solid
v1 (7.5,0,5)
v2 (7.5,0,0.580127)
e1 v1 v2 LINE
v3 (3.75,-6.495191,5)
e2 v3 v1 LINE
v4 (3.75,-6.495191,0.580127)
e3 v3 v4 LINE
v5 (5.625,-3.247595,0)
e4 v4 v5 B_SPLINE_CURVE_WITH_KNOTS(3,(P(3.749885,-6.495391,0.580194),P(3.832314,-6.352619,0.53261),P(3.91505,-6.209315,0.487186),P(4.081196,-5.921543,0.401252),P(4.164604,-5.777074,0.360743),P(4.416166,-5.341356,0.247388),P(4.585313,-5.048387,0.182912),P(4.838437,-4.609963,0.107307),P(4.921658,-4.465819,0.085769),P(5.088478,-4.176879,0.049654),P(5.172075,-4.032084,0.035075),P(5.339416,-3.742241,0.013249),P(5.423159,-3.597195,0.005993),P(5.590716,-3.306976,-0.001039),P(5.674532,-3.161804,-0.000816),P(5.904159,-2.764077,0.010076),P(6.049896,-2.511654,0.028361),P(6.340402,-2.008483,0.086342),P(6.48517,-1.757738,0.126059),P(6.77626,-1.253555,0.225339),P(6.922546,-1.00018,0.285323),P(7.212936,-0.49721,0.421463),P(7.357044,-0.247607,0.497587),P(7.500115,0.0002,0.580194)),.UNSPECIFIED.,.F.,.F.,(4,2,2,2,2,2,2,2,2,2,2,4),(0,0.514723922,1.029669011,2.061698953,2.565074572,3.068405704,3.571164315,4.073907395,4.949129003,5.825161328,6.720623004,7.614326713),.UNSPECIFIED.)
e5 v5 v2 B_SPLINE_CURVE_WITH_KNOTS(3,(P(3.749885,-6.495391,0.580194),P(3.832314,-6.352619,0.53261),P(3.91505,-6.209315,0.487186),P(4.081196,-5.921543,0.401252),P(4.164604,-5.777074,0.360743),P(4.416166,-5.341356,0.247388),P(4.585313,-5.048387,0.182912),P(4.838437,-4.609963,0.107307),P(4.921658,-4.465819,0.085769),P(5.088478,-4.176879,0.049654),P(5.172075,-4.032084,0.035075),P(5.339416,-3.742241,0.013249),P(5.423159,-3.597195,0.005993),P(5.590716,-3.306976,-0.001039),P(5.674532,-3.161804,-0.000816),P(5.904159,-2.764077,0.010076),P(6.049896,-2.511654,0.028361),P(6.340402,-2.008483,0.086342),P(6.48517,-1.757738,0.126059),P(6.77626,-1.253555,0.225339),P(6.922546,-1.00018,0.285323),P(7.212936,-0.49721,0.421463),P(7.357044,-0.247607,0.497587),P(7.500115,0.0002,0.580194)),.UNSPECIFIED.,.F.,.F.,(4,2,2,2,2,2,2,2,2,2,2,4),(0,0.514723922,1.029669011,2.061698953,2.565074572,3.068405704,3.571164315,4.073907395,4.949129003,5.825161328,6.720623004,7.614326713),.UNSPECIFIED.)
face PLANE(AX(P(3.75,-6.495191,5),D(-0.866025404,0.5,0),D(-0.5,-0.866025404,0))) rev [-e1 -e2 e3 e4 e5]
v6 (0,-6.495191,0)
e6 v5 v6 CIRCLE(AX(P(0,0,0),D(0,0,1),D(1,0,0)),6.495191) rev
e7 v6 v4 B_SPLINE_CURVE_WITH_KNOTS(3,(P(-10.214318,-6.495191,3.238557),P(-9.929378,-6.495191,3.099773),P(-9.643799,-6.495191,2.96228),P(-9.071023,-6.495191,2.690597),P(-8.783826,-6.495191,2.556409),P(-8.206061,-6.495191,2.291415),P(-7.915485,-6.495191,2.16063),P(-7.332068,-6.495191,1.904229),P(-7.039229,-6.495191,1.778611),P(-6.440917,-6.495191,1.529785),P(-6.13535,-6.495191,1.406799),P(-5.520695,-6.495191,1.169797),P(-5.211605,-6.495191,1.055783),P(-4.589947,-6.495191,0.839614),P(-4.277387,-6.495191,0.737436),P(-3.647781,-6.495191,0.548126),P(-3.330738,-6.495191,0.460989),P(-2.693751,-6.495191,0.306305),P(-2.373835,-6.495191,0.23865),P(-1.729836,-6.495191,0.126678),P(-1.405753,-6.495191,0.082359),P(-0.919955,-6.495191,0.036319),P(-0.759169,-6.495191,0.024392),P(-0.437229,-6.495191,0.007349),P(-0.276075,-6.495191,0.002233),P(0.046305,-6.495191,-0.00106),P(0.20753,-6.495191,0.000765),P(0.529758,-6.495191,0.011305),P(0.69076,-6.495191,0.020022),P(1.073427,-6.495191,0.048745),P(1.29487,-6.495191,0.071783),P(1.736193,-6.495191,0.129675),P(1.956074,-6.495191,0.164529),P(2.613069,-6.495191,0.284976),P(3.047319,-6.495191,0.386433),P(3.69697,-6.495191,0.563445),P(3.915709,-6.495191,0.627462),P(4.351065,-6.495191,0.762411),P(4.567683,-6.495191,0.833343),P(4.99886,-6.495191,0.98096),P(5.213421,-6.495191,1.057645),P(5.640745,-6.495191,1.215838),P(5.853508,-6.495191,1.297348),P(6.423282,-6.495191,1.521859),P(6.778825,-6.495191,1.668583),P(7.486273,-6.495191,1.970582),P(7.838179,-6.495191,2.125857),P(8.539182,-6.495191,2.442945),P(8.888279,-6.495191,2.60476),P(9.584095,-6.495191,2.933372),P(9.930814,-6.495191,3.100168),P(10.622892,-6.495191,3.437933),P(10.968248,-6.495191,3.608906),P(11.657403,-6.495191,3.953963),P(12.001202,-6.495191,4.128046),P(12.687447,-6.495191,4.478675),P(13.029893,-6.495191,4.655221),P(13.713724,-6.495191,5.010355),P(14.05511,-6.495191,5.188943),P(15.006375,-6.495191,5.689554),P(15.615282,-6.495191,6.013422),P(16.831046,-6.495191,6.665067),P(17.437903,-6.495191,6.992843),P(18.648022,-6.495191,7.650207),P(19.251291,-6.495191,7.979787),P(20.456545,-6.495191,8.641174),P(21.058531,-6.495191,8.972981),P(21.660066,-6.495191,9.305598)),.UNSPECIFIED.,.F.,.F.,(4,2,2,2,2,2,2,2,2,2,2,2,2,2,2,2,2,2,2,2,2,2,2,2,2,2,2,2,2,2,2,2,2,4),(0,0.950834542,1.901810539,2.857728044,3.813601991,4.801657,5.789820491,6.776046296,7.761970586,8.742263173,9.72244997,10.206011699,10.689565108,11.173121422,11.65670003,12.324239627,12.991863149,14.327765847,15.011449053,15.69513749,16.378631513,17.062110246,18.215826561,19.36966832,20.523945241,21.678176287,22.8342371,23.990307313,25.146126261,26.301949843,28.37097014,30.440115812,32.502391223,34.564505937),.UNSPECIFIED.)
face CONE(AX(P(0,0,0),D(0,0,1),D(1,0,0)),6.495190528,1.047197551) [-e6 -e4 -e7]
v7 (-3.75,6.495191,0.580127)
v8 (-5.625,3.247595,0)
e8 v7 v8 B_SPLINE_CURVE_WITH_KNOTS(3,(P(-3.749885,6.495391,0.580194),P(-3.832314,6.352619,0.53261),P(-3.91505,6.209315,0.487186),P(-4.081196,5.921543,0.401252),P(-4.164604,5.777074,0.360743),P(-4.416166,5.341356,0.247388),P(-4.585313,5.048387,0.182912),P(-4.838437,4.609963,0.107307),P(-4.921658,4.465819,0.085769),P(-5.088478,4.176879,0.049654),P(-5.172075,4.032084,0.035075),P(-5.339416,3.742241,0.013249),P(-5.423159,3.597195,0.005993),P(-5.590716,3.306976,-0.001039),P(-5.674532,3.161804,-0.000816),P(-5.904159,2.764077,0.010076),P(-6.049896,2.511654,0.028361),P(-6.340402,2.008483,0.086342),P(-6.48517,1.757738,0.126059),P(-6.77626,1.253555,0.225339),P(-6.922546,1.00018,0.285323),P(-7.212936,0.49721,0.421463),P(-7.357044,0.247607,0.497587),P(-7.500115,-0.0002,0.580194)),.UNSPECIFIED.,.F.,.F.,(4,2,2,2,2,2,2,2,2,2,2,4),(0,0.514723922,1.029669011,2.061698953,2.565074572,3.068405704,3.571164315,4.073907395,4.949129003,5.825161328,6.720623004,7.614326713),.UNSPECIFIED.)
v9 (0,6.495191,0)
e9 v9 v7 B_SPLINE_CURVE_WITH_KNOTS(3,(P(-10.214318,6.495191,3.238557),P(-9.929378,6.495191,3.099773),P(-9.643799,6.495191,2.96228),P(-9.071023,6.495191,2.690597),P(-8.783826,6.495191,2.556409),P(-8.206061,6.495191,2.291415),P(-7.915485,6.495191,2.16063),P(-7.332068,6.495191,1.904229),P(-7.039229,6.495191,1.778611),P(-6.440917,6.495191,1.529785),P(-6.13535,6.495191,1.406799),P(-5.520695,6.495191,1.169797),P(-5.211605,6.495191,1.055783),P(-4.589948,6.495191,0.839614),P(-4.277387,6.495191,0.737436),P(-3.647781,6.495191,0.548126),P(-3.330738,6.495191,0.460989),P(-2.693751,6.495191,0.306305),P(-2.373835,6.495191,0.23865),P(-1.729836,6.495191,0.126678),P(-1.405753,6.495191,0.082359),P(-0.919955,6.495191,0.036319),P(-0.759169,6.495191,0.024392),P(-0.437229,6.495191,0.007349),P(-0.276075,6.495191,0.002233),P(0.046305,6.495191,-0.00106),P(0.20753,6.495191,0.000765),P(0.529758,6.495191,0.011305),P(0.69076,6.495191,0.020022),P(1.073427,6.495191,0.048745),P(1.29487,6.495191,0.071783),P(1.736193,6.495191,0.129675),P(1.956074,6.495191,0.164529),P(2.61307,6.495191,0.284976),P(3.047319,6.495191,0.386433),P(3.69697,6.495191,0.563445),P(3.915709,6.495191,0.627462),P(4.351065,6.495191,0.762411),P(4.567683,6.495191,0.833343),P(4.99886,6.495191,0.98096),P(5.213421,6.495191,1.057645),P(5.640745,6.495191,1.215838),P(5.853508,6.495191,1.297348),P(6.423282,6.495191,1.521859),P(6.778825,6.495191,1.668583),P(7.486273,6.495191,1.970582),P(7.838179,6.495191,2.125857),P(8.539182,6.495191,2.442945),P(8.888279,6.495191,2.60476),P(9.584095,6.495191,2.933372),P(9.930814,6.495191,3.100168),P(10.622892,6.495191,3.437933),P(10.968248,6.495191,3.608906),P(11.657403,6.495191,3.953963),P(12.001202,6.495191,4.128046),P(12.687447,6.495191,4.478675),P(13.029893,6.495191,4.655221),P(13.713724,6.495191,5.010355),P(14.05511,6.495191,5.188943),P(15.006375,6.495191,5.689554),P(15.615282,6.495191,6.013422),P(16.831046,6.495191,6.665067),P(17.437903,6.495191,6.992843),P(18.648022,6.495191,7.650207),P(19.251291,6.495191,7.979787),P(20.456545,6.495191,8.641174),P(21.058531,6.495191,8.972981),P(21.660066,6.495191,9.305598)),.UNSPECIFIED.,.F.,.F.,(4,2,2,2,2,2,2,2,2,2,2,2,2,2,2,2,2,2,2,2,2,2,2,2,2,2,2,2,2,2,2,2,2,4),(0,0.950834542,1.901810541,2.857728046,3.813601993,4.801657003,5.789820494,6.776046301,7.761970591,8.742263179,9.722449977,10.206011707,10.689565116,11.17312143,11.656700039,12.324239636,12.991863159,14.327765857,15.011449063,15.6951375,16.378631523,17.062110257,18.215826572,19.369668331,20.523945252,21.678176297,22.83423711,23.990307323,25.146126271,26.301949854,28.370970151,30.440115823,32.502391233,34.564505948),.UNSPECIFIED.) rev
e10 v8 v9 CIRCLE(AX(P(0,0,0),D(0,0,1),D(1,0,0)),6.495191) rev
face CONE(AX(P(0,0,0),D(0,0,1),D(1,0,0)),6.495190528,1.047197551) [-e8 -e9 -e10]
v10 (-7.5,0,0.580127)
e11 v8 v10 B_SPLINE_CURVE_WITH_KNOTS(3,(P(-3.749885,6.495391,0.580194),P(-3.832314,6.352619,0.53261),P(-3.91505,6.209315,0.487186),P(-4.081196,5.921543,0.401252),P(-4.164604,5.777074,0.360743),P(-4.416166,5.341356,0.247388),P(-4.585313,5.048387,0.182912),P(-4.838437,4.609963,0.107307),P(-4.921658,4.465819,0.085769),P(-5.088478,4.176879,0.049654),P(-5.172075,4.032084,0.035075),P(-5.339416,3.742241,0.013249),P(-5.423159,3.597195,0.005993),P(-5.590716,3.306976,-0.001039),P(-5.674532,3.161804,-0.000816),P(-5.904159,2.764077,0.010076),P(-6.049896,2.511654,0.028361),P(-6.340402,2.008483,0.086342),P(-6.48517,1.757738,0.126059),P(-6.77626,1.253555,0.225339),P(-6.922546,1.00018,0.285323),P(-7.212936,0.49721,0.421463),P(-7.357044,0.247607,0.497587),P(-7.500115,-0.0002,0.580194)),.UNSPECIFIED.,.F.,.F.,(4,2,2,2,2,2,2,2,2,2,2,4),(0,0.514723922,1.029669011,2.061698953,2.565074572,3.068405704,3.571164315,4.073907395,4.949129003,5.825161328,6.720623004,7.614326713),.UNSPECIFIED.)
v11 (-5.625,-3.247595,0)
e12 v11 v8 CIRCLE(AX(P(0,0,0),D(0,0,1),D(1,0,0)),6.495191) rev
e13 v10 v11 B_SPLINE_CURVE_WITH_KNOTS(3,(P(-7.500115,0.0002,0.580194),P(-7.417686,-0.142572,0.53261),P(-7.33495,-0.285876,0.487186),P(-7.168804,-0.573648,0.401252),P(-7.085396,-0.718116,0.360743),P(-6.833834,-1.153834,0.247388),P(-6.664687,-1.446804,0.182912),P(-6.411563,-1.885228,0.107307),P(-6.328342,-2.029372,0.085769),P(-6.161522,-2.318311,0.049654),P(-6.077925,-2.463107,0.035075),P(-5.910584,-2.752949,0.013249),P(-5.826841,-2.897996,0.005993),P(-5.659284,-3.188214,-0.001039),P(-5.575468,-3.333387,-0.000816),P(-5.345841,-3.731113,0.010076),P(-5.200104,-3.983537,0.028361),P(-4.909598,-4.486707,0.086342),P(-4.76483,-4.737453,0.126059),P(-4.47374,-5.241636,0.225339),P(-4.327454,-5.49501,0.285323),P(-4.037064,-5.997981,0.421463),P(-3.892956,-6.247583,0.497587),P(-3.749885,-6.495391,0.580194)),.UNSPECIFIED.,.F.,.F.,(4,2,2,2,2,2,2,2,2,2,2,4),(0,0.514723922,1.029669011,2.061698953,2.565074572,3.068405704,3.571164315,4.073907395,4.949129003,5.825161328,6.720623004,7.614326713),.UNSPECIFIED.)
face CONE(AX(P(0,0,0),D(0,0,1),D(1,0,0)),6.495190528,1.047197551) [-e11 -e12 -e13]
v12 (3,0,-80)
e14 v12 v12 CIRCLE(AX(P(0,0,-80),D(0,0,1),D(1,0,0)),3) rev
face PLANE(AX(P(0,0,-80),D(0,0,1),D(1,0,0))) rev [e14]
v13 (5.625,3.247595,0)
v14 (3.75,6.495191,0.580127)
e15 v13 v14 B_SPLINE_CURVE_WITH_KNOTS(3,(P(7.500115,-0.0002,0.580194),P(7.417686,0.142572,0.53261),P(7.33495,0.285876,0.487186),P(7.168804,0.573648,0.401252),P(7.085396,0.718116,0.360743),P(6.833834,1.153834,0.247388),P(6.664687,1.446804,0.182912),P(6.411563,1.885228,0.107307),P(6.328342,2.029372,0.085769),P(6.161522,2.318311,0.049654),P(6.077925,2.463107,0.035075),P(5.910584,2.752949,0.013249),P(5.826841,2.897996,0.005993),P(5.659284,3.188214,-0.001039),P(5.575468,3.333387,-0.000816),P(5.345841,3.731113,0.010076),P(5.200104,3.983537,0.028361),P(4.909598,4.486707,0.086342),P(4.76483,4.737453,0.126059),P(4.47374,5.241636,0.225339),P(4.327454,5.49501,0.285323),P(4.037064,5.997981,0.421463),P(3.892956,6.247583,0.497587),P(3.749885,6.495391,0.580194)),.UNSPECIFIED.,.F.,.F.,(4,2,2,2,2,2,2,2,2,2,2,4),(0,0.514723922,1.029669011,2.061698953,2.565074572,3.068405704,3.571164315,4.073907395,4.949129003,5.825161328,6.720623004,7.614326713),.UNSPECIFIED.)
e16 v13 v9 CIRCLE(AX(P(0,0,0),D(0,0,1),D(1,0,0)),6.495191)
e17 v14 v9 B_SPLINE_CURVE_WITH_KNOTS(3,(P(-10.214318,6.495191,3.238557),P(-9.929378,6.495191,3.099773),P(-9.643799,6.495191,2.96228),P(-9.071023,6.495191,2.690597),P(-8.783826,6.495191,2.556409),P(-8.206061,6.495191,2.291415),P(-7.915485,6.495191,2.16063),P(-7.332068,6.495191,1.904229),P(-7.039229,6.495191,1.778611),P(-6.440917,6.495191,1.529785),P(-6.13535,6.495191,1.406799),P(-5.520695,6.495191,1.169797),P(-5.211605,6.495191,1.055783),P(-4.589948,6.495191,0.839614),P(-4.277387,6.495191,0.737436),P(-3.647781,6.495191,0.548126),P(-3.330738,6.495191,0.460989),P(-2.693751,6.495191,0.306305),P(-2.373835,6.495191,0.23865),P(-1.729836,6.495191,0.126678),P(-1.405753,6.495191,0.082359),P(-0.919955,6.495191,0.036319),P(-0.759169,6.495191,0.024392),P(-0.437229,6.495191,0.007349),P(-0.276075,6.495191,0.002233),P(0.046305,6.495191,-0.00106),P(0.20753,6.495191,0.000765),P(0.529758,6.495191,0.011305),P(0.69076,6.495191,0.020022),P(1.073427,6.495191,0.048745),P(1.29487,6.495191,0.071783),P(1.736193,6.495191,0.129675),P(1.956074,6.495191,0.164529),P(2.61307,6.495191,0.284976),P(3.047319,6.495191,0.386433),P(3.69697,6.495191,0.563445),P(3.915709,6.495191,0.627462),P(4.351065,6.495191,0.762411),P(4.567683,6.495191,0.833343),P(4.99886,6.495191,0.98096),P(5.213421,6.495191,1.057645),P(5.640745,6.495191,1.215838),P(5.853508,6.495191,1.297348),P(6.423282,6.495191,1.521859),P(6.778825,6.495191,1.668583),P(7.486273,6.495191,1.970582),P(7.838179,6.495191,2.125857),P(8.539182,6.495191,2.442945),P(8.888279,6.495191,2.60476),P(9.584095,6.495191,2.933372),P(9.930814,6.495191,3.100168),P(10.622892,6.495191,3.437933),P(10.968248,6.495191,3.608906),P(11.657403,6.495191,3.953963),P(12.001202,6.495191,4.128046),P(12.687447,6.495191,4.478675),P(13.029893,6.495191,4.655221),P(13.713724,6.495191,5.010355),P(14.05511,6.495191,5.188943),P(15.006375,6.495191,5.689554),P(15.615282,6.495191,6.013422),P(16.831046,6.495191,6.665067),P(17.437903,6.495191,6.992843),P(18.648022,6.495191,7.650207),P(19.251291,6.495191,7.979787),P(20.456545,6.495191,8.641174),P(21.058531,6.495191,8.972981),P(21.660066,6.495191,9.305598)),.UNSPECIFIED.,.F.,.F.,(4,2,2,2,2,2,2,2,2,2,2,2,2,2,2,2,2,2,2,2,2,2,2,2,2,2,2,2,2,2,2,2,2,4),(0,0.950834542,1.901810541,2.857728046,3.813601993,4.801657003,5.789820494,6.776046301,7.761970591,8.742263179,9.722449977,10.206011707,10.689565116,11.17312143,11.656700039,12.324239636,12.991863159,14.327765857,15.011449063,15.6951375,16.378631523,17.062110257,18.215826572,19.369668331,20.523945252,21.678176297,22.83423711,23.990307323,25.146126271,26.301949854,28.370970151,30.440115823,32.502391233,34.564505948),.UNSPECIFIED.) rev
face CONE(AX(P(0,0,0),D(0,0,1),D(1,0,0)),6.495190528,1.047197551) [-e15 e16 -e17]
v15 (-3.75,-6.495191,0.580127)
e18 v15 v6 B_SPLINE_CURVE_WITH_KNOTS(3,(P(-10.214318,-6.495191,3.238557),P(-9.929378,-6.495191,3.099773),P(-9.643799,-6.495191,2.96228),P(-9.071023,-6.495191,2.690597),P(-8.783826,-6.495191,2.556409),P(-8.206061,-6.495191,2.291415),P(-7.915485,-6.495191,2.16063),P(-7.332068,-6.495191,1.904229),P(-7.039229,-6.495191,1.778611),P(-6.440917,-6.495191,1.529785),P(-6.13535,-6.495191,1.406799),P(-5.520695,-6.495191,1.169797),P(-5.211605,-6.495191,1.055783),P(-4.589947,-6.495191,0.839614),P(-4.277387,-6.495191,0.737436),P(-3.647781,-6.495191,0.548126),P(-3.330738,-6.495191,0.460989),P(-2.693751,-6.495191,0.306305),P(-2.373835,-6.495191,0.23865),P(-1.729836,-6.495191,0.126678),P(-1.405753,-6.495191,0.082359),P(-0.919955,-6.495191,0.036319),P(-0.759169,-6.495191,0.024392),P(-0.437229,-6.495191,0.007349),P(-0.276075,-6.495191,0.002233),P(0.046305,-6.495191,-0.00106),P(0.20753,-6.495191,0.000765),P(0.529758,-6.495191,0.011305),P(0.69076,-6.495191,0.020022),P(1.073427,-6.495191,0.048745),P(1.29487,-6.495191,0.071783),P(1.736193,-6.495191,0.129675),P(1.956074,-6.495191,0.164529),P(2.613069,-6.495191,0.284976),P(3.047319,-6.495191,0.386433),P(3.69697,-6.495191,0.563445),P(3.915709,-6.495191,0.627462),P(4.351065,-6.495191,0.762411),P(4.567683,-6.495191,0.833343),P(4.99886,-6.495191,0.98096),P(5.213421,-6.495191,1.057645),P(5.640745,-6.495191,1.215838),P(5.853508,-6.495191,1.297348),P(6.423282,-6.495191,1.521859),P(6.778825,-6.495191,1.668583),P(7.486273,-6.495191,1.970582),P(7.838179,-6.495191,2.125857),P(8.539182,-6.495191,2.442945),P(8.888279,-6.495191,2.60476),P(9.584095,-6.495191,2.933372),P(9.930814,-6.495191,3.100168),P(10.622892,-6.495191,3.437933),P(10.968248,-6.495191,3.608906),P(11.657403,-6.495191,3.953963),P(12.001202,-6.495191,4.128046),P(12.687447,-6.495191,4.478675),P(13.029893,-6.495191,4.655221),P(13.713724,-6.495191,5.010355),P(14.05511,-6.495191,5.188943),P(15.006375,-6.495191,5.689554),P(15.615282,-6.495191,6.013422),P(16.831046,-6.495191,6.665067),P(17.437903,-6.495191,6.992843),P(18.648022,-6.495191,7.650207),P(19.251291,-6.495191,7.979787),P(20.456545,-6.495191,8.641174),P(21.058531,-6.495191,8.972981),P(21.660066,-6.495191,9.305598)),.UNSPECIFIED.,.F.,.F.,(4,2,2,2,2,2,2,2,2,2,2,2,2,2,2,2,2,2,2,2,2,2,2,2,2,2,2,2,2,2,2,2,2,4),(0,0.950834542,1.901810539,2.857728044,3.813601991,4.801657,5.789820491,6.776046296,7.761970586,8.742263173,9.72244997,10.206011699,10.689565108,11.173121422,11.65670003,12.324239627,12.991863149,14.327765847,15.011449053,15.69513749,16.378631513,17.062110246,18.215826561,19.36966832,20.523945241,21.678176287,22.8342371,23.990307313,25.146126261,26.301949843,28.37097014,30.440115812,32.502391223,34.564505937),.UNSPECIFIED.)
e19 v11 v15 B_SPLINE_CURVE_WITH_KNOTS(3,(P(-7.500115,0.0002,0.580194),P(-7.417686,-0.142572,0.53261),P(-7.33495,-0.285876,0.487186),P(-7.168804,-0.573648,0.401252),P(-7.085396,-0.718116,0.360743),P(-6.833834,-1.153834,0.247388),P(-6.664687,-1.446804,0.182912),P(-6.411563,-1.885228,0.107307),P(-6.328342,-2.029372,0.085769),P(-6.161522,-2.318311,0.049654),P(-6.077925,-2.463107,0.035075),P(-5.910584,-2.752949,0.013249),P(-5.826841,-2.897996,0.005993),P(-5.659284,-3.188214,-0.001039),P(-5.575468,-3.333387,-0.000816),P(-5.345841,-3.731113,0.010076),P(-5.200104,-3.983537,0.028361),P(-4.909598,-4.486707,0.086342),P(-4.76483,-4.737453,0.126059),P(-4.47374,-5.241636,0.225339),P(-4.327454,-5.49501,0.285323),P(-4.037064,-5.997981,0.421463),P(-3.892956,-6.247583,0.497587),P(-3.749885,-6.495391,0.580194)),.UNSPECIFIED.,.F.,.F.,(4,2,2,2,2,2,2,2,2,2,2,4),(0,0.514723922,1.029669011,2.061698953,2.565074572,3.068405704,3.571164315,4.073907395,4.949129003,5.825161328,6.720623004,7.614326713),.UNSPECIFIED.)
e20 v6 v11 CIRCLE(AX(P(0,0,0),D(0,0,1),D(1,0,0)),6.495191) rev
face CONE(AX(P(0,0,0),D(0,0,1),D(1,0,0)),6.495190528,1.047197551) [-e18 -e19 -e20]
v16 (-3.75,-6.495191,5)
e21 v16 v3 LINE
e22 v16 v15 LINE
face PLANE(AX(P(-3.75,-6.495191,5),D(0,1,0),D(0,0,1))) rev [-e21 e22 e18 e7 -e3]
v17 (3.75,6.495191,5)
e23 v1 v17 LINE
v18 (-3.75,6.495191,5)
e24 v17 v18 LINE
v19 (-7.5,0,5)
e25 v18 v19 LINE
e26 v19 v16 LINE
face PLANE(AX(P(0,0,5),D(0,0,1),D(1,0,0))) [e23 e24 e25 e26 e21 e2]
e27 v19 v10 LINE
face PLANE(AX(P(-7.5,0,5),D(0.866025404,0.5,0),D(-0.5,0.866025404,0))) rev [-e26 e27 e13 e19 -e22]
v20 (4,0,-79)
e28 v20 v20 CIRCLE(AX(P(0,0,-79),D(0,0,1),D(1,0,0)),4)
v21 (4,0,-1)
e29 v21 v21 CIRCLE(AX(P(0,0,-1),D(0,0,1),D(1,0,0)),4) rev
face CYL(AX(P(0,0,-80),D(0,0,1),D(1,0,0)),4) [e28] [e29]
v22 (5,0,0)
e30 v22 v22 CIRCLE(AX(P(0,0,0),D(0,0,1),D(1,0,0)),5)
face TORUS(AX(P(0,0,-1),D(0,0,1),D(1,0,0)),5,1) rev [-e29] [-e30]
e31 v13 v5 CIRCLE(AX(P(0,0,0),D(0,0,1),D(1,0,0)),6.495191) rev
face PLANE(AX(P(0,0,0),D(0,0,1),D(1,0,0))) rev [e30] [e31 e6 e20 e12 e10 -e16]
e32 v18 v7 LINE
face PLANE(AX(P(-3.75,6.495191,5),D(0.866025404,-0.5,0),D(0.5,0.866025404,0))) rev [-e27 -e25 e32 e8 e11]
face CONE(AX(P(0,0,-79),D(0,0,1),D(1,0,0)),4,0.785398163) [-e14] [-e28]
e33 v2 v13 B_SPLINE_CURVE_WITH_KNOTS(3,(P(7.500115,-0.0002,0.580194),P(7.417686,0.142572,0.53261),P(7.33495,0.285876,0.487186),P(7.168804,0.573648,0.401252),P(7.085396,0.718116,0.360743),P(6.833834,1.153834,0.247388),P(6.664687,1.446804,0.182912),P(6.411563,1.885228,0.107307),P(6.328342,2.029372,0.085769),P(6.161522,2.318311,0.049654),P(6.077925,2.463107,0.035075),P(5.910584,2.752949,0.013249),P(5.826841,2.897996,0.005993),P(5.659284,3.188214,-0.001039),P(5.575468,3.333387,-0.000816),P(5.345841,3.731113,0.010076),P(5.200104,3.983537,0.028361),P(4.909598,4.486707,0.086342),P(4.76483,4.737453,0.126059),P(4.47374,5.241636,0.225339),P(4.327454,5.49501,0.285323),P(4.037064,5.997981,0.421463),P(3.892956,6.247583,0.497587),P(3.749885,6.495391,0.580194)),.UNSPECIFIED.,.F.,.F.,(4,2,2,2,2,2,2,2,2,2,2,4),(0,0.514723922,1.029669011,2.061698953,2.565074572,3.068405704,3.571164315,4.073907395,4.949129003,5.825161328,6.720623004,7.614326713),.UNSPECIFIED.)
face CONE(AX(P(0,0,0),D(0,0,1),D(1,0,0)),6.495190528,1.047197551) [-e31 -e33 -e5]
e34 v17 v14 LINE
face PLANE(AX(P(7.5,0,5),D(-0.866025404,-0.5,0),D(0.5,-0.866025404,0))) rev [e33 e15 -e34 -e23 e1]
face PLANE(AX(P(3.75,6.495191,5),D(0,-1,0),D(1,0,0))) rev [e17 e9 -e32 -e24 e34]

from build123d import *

# Parameters (mm, degrees)
DODANIE_WYCI_GNI_CIE2_DEPTH = 5
SZKIC3_OUTSIDE_W            = 55.734
SZKIC3_OUTSIDE_H            = 53.724
SZKIC3_OUTSIDE_R            = 6.495190528
WYTNIJ_WYCI_GNI_CIE2_DEPTH  = 10
WYTNIJ_WYCI_GNI_CIE2_DRAFT  = 60
SZKIC4_R                    = 4
DODANIE_WYCI_GNI_CIE3_DEPTH = 80
ZAOKR_GLENIE1_R             = 1
SFAZOWANIE1_SIZE            = 1


with BuildPart() as part:
    # Szkic1 → Dodanie-wyciągnięcie2 (new body)
    with BuildSketch(Plane.XY):
        Polygon((3.75, 6.495190528), (-3.75, 6.495190528), (-7.5, 0), (-3.75, -6.495190528), (3.75, -6.495190528), (7.5, 0), align=None)
    extrude(amount=DODANIE_WYCI_GNI_CIE2_DEPTH)


with BuildPart() as wytnij_wyci_gni_cie2_tool:
    # Szkic3 outside → Wytnij-wyciągnięcie2 (with draft: the straight prism first)
    with BuildSketch(Plane.XY):
        Rectangle(SZKIC3_OUTSIDE_W, SZKIC3_OUTSIDE_H)
        Circle(SZKIC3_OUTSIDE_R, mode=Mode.SUBTRACT)
    extrude(amount=WYTNIJ_WYCI_GNI_CIE2_DEPTH)
    # Wytnij-wyciągnięcie2: the draft: its side faces are tilted about the plane it starts from
    wytnij_wyci_gni_cie2_sides = [wytnij_wyci_gni_cie2_tool.faces().sort_by_distance(p)[0] for p in [
        (0, -26.862, 5),
        (27.867, 0, 5),
        (0, 26.862, 5),
        (-27.867, 0, 5),
        (-6.495190528, 0, 5),
    ]]
    draft(wytnij_wyci_gni_cie2_sides, Plane.XY, WYTNIJ_WYCI_GNI_CIE2_DRAFT)


with BuildPart() as part_1:
    add(part.part)

    # Wytnij-wyciągnięcie2: cut by wytnij_wyci_gni_cie2_tool
    add(wytnij_wyci_gni_cie2_tool.part, mode=Mode.SUBTRACT)

    # Szkic4 → Dodanie-wyciągnięcie3 (add)
    with BuildSketch(Plane.XY):
        Circle(SZKIC4_R)
    extrude(amount=-DODANIE_WYCI_GNI_CIE3_DEPTH)

    # Zaokrąglenie1
    zaokr_glenie1_edges = [part_1.edges().sort_by_distance(p)[0] for p in [
        (-4, 0, 0),
    ]]
    fillet(zaokr_glenie1_edges, radius=ZAOKR_GLENIE1_R)

    # Sfazowanie1
    sfazowanie1_edges = [part_1.edges().sort_by_distance(p)[0] for p in [
        (-4, 0, -80),
    ]]
    chamfer(sfazowanie1_edges, length=SFAZOWANIE1_SIZE)


solid = part_1.part
